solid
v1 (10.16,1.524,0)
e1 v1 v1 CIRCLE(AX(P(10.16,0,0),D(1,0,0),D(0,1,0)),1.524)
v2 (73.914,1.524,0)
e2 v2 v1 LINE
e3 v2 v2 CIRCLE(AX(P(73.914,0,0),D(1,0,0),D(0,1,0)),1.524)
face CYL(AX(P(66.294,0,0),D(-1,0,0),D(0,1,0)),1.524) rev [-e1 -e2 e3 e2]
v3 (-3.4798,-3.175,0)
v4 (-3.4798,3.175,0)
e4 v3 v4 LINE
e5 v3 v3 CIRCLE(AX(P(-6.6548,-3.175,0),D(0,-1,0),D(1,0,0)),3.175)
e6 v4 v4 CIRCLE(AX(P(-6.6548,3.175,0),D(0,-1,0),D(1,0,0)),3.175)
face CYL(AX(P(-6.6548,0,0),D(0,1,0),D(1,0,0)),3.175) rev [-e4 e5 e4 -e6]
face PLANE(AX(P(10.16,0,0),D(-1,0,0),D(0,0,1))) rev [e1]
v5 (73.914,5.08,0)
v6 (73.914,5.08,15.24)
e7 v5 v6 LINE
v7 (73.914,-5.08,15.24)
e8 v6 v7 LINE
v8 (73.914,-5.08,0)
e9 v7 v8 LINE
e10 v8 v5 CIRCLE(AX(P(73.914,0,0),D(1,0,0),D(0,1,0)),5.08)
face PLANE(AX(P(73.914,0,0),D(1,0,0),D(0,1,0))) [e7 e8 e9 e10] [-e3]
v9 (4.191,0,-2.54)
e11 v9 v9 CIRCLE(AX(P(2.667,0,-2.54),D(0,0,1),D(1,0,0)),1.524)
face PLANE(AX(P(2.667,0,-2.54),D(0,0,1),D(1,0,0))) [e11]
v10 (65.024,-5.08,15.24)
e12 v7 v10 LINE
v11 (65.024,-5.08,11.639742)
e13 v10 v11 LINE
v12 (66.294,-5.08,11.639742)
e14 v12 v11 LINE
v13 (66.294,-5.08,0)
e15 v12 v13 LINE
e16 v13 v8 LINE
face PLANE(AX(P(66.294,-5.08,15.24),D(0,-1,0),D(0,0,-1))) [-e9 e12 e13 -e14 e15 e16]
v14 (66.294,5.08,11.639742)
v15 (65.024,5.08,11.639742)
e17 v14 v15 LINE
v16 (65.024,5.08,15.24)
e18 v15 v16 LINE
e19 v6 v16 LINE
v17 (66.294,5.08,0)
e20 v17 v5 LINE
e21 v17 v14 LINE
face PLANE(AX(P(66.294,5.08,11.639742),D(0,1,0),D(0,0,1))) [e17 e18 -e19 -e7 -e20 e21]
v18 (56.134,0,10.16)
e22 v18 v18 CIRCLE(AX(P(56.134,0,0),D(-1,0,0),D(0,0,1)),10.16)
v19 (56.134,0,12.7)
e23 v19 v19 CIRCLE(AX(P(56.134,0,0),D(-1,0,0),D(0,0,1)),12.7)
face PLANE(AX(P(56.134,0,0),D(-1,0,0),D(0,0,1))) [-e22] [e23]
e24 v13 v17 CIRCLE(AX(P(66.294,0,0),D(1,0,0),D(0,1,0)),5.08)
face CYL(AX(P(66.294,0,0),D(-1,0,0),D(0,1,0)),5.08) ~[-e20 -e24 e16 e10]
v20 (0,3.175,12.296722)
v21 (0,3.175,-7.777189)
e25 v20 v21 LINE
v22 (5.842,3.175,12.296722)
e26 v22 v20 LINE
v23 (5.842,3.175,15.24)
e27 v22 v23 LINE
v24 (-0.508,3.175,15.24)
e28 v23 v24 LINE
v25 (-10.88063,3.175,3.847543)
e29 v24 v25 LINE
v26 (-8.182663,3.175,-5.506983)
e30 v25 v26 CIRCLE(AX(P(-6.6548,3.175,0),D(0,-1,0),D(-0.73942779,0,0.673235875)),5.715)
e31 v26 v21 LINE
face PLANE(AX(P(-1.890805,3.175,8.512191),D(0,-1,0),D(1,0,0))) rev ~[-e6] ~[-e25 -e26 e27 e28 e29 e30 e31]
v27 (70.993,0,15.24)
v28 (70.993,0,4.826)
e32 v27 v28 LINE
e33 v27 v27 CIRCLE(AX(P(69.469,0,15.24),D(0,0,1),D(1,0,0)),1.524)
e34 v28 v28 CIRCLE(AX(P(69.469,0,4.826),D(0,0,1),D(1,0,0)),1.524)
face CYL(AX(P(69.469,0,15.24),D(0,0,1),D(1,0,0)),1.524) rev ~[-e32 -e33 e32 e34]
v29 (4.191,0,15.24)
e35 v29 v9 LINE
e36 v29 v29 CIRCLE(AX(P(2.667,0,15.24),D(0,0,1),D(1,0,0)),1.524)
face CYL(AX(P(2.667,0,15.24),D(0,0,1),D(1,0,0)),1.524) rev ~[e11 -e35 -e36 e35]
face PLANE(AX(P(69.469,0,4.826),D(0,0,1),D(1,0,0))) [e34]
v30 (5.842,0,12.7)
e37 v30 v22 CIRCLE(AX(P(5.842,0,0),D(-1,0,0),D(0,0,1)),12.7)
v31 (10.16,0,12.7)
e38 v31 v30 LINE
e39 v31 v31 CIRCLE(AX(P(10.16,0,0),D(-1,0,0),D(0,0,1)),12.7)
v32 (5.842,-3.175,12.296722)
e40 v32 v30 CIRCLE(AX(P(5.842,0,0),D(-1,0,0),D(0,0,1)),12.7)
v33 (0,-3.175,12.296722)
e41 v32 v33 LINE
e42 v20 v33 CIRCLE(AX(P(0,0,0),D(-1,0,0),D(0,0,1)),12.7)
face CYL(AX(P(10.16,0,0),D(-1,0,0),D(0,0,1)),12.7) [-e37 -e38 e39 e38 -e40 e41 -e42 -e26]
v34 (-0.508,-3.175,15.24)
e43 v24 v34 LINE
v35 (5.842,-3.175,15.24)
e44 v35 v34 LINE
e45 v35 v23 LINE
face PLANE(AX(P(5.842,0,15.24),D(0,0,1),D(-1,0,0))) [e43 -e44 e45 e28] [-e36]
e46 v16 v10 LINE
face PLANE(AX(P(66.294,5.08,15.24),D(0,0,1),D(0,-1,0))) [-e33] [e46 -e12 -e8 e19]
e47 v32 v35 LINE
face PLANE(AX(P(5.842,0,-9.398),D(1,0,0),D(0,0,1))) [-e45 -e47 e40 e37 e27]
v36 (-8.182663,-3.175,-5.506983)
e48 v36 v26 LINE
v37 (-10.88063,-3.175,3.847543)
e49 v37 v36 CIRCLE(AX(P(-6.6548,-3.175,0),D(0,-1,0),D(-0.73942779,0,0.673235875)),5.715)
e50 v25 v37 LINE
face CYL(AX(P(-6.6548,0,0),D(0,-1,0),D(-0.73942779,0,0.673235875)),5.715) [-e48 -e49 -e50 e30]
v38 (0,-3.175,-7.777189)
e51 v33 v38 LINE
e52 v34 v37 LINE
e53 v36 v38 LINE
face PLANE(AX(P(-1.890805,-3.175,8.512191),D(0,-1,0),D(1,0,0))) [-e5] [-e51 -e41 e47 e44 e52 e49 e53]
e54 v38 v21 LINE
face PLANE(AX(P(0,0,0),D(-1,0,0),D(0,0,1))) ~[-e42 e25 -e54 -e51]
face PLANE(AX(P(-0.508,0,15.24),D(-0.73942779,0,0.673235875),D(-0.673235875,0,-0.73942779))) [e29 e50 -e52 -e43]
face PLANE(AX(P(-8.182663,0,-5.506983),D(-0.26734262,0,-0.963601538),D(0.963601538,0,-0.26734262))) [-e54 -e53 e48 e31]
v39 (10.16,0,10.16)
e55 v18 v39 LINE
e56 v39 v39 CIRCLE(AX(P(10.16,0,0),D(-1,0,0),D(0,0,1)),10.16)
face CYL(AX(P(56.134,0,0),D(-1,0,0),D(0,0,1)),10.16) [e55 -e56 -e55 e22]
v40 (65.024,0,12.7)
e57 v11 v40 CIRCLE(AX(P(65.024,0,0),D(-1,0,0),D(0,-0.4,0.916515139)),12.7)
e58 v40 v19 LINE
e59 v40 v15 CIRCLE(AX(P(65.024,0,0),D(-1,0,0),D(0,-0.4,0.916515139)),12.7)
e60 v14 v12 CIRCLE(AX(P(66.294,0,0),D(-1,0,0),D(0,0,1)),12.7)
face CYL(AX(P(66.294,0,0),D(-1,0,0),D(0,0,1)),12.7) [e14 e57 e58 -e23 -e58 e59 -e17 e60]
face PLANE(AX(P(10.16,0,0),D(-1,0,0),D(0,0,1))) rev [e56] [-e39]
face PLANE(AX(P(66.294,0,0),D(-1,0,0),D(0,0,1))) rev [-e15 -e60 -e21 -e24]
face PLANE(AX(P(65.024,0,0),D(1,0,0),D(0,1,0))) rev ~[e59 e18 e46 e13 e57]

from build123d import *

# Parameters (mm, degrees)
F0_W     = 5.842
F0_H     = 12.7
F0_R     = 3.175
F2_DEPTH = 3.175
F3_R     = 1.524
F4_DEPTH = 7.62
F5_DEPTH = 1.27
F6_DEPTH = 56.134
F7_R     = 1.524
F8_DEPTH = 17.78
F9_DEPTH = 10.414


with BuildPart() as f1:
    # F0 (on Front) → F1 (revolve)
    with BuildSketch(Plane.XZ):
        with Locations((2.921, 6.35)):
            Rectangle(F0_W, F0_H)
        Polygon((5.842, 12.7), (5.842, 0), (66.294, 0), (66.294, 12.7), (56.134, 12.7), (56.134, 10.16), (10.16, 10.16), (10.16, 12.7), align=None)
    revolve(axis=Axis((33.147, 0, 0), (-1, 0, 0)))

    # F0 (on Front) → F2 (join, symmetric)
    with BuildSketch(Plane.XZ):
        with BuildLine():
            Line((-0.9398, 0), (0, 0))
            Line((0, 0), (0, 12.7))
            Line((0, 12.7), (5.842, 12.7))
            Line((5.842, 12.7), (5.842, 15.24))
            Line((5.842, 15.24), (-0.508, 15.24))
            Line((-0.508, 15.24), (-10.8806298187, 3.8475430269))
            ThreePointArc((-10.8806298187, 3.8475430269), (-4.5919612295, 5.3297205562), (-0.9398, 0))
        make_face()
        with BuildLine():
            ThreePointArc((-8.1826630726, -5.5069827884), (-3.1957909266, -4.5493385486), (-0.9398, 0))
            ThreePointArc((-0.9398, 0), (-4.5919612295, 5.3297205562), (-10.8806298187, 3.8475430269))
            ThreePointArc((-10.8806298187, 3.8475430269), (-12.1459778134, -1.5837270034), (-8.1826630726, -5.5069827884))
        make_face()
        with Locations((-6.6548, 0)):
            Circle(F0_R, mode=Mode.SUBTRACT)
        with BuildLine():
            Line((5.842, 0), (0, 0))
            Line((0, 0), (-0.9398, 0))
            ThreePointArc((-0.9398, 0), (-3.1957909266, -4.5493385486), (-8.1826630726, -5.5069827884))
            Line((-8.1826630726, -5.5069827884), (5.842, -9.398))
            Line((5.842, -9.398), (5.842, 0))
        make_face()
        with Locations((2.921, 6.35)):
            Rectangle(F0_W, F0_H)
    extrude(amount=F2_DEPTH, both=True)

    # F3 (on face) → F4 (join)
    with BuildSketch(Plane.YZ.offset(66.294)):
        with BuildLine():
            ThreePointArc((-5.08, 0), (0, -5.08), (5.08, 0))
            ThreePointArc((5.08, 0), (0, 5.08), (-5.08, 0))
        make_face()
        Circle(F3_R, mode=Mode.SUBTRACT)
        with BuildLine():
            ThreePointArc((-5.08, 0), (0, 5.08), (5.08, 0))
            Line((5.08, 0), (5.08, 11.6397422652))
            ThreePointArc((5.08, 11.6397422652), (0, 12.7), (-5.08, 11.6397422652))
            Line((-5.08, 11.6397422652), (-5.08, 0))
        make_face()
        with BuildLine():
            ThreePointArc((-5.08, 11.6397422652), (0, 12.7), (5.08, 11.6397422652))
            Line((5.08, 11.6397422652), (5.08, 15.24))
            Line((5.08, 15.24), (-5.08, 15.24))
            Line((-5.08, 15.24), (-5.08, 11.6397422652))
        make_face()
    extrude(amount=F4_DEPTH)

    # F5 (add): a face of the model
    f5_faces = [f1.faces().sort_by_distance(p)[0] for p in [
        (66.294, 0, 13.7792682875),
    ]]
    extrude(f5_faces, amount=F5_DEPTH)

    # F6 (cut, through all): a face of the model
    f6_faces = [f1.faces().sort_by_distance(p)[0] for p in [
        (66.294, 0, 0),
    ]]
    extrude(f6_faces, amount=-F6_DEPTH, mode=Mode.SUBTRACT)

    # F7 (on face) → F8 (cut)
    with BuildSketch(Plane.XY.offset(15.24)):
        with Locations((2.667, 0)):
            Circle(F7_R)
    extrude(amount=-F8_DEPTH, mode=Mode.SUBTRACT)

    # F7 (on face) → F9 (cut)
    with BuildSketch(Plane.XY.offset(15.24)):
        with Locations((69.469, 0)):
            Circle(F7_R)
    extrude(amount=-F9_DEPTH, mode=Mode.SUBTRACT)


solid = f1.part
